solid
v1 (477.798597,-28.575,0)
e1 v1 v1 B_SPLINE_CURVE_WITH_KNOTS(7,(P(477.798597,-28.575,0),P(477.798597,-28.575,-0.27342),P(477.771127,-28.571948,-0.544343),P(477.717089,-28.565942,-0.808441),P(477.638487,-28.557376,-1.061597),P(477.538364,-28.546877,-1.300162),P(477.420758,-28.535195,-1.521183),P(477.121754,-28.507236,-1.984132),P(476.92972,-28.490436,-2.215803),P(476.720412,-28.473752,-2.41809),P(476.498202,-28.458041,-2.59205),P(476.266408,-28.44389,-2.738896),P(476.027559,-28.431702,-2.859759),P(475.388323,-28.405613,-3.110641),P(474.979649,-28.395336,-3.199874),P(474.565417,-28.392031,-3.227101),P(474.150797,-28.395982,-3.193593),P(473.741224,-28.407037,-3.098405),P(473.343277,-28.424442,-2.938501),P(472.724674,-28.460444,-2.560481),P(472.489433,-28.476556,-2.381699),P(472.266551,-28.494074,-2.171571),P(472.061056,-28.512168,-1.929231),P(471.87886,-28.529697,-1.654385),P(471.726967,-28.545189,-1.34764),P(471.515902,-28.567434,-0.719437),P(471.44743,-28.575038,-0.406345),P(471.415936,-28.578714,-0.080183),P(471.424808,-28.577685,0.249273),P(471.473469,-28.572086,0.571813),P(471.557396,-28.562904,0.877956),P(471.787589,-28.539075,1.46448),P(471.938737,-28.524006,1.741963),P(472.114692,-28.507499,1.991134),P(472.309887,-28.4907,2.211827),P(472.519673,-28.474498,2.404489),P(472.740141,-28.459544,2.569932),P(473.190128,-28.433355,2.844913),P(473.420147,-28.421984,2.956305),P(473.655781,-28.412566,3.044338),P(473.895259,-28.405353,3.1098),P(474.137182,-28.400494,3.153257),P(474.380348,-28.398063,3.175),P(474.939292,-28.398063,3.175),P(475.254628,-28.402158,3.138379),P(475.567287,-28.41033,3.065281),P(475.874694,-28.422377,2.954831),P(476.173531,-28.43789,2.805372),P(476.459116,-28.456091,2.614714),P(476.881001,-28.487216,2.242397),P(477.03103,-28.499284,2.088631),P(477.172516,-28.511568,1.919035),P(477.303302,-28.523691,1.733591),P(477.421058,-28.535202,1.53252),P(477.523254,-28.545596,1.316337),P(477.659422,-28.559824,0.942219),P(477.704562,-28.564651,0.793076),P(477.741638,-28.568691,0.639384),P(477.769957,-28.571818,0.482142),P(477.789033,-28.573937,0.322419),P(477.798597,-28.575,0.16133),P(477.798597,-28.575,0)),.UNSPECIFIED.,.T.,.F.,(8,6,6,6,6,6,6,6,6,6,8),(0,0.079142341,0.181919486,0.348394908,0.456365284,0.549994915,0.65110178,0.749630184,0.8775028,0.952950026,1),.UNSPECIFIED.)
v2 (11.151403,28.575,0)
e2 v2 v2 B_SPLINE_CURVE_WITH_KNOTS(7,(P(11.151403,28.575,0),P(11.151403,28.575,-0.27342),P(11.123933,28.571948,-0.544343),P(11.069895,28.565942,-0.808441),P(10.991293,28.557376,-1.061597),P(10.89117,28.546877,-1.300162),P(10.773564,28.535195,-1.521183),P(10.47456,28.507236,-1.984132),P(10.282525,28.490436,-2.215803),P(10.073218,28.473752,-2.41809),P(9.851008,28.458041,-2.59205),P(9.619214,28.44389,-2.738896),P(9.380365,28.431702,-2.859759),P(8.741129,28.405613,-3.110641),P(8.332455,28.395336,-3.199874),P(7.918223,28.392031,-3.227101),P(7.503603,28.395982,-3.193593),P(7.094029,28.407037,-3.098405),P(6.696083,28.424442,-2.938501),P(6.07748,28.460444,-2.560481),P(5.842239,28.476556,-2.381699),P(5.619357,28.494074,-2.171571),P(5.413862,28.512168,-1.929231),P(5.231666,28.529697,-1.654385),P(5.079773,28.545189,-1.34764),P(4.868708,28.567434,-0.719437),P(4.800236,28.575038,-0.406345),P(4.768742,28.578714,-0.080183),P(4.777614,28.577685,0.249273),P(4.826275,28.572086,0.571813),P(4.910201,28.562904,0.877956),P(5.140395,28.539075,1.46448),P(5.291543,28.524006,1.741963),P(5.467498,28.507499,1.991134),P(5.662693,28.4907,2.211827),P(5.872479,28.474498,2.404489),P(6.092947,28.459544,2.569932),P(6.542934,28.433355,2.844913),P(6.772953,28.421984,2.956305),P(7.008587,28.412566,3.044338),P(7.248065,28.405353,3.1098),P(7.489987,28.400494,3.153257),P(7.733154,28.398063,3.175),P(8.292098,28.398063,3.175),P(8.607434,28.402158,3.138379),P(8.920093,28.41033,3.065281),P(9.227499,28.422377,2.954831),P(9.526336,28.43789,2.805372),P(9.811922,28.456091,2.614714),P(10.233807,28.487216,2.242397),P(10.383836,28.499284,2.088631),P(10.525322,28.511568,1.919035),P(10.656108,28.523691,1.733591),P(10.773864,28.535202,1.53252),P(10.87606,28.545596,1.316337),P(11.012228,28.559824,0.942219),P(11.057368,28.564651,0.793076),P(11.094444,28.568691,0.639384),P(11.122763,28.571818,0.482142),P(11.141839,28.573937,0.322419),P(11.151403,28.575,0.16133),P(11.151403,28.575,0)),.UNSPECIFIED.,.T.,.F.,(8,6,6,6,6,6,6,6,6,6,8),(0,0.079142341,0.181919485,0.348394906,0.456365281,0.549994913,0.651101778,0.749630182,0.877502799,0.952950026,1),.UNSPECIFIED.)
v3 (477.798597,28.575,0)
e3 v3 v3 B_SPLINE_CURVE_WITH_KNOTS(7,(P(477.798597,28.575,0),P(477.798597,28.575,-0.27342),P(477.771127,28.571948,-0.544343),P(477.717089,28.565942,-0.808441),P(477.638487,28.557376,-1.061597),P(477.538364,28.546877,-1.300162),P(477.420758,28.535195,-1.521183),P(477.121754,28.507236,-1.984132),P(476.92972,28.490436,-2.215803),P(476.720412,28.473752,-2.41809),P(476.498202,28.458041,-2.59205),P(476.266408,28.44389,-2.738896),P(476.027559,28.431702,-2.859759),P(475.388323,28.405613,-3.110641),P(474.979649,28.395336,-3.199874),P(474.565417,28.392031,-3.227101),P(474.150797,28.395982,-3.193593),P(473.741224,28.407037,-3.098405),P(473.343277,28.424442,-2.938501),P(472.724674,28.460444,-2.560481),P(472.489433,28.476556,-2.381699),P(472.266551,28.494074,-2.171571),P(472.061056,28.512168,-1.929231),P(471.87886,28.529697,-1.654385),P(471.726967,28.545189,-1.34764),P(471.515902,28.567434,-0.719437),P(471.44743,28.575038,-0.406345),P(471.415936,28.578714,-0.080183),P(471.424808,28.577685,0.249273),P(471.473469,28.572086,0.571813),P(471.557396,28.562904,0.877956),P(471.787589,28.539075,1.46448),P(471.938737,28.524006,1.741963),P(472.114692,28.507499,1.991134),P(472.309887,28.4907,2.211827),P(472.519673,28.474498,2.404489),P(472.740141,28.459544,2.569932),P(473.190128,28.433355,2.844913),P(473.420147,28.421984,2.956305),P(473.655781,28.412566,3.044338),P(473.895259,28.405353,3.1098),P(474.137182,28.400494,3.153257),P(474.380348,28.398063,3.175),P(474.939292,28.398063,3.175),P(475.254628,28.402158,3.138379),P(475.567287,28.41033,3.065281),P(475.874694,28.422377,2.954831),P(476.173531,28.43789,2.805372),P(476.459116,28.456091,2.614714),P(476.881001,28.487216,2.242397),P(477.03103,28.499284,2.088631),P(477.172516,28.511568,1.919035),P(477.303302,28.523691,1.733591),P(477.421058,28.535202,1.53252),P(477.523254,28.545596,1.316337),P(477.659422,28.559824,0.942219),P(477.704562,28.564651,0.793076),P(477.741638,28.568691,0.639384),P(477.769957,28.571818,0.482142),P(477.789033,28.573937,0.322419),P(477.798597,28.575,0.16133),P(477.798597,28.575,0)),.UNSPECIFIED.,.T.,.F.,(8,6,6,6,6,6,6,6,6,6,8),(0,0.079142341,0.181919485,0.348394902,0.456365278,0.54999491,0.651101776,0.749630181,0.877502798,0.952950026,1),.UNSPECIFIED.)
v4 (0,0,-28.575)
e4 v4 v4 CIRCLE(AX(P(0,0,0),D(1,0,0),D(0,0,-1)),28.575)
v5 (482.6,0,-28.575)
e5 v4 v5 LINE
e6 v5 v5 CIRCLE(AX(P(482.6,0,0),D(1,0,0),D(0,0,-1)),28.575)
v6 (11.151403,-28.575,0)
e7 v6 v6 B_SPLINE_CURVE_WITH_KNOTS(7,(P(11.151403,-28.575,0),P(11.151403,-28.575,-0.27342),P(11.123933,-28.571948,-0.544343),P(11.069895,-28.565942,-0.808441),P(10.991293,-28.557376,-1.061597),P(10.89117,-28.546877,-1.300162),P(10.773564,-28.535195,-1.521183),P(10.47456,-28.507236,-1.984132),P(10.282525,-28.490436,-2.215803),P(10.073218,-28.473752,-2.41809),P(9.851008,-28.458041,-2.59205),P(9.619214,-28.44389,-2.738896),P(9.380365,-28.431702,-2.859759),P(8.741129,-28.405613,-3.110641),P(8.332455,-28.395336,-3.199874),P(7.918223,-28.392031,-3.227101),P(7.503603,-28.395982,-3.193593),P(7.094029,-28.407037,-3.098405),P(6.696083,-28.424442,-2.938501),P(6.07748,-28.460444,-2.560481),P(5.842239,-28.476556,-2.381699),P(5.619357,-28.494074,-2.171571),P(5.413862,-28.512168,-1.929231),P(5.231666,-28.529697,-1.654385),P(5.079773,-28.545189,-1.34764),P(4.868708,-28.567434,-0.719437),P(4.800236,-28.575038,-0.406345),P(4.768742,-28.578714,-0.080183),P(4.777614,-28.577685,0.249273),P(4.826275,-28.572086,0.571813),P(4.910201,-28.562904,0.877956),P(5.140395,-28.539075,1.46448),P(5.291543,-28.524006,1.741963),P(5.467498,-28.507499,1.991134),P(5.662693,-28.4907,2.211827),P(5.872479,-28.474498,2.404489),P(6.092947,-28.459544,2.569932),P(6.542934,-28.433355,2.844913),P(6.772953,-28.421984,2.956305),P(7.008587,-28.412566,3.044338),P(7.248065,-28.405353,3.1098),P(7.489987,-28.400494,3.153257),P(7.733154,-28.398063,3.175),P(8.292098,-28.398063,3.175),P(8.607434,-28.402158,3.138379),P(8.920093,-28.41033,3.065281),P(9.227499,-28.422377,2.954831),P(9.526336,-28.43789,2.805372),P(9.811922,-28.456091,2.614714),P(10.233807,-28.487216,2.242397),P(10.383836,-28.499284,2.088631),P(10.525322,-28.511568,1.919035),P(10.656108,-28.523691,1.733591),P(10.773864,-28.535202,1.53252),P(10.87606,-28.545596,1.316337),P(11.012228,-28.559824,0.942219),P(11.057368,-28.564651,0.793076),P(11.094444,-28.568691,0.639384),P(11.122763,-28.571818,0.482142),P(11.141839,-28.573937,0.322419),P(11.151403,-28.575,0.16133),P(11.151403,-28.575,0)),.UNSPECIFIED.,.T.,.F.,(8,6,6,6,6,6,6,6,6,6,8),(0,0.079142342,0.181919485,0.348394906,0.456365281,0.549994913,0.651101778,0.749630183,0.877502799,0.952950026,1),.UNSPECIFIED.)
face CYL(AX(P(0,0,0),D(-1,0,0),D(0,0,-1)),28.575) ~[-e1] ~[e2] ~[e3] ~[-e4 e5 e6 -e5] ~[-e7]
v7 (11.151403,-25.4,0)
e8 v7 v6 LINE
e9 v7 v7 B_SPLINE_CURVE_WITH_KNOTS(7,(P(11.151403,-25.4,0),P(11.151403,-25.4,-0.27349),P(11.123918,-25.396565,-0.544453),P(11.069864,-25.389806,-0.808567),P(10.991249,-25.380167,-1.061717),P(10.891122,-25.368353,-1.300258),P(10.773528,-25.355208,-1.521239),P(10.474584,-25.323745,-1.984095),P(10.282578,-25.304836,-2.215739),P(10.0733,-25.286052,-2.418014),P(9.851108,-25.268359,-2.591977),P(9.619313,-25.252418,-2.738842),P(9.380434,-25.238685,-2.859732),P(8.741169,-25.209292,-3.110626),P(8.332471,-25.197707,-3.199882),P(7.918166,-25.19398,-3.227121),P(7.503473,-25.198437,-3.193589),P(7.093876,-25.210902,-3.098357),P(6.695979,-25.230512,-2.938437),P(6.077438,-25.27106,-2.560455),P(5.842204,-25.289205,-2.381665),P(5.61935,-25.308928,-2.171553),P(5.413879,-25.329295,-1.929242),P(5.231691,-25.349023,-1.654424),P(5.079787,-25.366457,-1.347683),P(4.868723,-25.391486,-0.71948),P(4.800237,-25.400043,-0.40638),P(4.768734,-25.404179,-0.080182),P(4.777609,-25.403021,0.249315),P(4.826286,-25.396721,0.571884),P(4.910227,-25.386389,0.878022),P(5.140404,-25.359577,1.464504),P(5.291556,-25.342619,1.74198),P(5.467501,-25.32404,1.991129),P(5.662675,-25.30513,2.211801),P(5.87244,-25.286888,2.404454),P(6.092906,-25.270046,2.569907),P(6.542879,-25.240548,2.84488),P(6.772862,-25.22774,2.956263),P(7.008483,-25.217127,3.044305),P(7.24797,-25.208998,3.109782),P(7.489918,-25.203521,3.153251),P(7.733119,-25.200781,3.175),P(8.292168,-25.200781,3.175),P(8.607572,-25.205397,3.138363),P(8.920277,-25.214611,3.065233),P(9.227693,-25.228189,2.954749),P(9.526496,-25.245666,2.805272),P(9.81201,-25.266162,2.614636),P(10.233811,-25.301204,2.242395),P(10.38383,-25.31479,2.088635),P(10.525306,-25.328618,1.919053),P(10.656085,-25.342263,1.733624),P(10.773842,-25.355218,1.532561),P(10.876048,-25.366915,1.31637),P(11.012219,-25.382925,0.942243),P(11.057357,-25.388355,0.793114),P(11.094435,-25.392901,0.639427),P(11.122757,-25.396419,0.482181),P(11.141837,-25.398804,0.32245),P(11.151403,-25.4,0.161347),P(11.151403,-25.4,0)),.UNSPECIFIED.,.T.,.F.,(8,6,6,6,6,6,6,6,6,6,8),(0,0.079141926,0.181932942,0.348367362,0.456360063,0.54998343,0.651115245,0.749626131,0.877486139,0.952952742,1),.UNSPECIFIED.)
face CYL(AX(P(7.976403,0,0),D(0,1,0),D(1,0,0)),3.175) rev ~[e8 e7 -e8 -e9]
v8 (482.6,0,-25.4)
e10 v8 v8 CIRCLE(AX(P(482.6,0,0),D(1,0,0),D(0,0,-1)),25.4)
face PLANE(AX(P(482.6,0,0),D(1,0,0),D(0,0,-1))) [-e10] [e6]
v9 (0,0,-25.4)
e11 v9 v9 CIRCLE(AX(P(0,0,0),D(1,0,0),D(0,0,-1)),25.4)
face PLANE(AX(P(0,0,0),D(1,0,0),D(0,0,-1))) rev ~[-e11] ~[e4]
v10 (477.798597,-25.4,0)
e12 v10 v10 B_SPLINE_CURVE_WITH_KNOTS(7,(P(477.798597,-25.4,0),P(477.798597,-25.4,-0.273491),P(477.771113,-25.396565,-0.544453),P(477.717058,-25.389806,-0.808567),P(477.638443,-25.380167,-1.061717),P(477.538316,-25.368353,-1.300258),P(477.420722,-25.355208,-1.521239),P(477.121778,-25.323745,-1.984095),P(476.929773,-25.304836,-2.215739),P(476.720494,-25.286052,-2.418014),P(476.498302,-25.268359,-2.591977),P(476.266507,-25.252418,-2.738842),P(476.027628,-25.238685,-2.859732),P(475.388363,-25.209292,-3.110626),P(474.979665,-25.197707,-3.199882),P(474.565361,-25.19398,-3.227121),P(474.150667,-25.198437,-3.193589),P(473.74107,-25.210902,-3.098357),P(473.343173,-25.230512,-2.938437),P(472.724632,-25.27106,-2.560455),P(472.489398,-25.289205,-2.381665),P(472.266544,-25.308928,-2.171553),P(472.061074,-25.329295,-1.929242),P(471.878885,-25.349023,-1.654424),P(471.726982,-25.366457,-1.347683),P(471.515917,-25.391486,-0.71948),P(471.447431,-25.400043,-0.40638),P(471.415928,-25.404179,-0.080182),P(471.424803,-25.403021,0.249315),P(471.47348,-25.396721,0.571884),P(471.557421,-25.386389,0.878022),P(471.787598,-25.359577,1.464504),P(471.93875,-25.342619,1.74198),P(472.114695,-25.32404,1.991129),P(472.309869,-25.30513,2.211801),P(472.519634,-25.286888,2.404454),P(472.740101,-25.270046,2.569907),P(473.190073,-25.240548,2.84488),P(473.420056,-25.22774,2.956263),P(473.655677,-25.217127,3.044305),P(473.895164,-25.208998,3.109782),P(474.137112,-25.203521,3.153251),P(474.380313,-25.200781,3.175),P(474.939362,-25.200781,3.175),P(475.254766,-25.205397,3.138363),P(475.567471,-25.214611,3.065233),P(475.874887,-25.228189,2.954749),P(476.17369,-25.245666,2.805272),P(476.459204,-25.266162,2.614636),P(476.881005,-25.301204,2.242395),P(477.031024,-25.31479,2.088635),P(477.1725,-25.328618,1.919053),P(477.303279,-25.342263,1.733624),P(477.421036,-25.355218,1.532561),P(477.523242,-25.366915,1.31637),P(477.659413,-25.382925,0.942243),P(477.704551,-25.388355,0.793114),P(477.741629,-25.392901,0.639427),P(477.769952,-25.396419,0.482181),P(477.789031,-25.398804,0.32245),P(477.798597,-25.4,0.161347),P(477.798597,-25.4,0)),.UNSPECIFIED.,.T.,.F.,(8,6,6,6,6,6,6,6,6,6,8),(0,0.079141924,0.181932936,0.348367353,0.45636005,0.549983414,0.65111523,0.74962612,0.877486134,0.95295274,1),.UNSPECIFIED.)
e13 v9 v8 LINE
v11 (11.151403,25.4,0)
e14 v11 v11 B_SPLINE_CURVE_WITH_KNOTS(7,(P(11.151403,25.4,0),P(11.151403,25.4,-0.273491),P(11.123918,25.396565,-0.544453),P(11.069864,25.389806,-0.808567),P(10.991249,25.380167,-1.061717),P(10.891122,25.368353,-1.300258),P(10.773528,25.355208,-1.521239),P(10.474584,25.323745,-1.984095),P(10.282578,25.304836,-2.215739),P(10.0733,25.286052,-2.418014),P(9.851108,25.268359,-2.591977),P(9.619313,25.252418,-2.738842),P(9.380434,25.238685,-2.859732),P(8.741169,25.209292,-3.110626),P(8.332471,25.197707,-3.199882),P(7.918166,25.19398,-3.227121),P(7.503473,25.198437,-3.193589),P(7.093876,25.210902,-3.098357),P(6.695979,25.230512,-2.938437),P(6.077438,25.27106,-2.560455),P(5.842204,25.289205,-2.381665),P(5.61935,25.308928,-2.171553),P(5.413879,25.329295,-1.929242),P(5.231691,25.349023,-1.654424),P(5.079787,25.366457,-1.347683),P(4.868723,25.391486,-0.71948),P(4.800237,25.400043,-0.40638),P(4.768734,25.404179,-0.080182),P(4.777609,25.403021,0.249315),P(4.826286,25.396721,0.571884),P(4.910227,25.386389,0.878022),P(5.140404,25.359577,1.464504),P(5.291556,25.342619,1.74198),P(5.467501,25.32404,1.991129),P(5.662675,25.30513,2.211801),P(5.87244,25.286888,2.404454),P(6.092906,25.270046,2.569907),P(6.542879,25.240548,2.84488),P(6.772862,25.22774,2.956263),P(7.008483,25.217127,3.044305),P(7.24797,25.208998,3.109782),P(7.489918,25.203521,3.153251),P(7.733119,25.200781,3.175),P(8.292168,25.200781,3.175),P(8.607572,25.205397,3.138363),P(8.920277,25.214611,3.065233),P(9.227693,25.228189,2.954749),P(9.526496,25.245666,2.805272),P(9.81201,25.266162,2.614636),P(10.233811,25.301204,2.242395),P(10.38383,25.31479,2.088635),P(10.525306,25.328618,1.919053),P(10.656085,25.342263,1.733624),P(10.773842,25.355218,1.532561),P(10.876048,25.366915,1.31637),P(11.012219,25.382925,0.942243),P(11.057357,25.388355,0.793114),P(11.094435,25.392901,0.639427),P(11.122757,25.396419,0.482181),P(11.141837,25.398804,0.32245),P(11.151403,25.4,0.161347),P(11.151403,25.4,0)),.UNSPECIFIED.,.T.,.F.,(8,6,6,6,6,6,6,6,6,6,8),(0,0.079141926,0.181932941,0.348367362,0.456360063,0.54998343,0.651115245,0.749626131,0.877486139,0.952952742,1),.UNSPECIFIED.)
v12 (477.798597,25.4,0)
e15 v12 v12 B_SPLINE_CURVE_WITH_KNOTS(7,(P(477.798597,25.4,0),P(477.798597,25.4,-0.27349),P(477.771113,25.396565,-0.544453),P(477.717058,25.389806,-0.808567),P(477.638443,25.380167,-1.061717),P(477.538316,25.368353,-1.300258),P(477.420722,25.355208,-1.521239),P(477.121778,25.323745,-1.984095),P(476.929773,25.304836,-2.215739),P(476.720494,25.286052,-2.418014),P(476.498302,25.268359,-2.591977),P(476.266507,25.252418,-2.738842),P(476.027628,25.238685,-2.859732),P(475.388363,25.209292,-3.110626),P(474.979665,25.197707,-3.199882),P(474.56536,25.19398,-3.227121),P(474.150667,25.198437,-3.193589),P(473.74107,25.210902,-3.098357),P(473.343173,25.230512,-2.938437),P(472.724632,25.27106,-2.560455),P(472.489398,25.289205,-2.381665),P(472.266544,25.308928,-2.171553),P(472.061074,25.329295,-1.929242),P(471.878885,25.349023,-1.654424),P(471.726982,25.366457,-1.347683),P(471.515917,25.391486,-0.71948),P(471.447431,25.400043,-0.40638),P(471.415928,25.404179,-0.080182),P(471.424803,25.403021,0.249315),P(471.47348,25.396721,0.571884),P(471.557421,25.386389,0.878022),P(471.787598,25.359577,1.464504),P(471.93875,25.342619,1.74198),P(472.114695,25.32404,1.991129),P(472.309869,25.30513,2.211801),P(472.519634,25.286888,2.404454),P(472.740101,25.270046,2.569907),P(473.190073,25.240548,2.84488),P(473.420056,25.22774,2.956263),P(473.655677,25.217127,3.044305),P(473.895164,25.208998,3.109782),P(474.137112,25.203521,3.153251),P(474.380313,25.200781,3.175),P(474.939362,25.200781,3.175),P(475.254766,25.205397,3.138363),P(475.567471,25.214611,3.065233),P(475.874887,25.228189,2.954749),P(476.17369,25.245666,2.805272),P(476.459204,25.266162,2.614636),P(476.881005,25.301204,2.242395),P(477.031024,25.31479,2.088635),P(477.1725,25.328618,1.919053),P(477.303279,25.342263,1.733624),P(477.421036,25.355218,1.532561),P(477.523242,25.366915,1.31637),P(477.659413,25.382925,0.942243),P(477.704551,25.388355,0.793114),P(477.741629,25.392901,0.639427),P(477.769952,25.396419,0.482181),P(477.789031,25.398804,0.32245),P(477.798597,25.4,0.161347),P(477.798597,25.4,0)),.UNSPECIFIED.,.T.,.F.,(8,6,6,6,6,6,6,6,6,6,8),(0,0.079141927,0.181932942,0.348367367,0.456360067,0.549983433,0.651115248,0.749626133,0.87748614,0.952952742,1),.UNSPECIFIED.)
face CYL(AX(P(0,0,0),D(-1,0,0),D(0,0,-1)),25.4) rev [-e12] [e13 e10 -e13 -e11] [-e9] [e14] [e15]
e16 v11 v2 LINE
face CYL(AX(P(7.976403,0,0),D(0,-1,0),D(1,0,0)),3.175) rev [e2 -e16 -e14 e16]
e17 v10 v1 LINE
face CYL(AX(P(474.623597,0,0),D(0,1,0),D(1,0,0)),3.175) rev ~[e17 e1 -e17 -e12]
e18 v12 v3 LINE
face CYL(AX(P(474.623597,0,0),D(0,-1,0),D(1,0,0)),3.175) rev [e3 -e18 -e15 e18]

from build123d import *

# Parameters (mm, degrees)
SKETCH1_R               = 28.575
SKETCH1_R_2             = 25.4
BOSS_EXTRUDE1_DEPTH     = 482.6
SKETCH2_R               = 3.175
CUT_EXTRUDE1_DEPTH      = 29.575
CUT_EXTRUDE1_DEPTH_BACK = 29.575


with BuildPart() as part:
    # Sketch1 → Boss-Extrude1 (new body)
    with BuildSketch(Plane(origin=(0, 0, 0), x_dir=(0, 0, -1), z_dir=(1, 0, 0))):
        Circle(SKETCH1_R)
        Circle(SKETCH1_R_2, mode=Mode.SUBTRACT)
    extrude(amount=BOSS_EXTRUDE1_DEPTH)

    # Sketch2 → Cut-Extrude1 (cut, two sides)
    with BuildSketch(Plane(origin=(0, 0, 0), x_dir=(1, 0, 0), z_dir=(0, 1, 0))) as cut_extrude1_sk:
        with Locations((7.976402963, 0)):
            Circle(SKETCH2_R)
        with Locations((474.623597037, 0)):
            Circle(SKETCH2_R)
    extrude(amount=CUT_EXTRUDE1_DEPTH, mode=Mode.SUBTRACT)
    extrude(cut_extrude1_sk.sketch, amount=-CUT_EXTRUDE1_DEPTH_BACK, mode=Mode.SUBTRACT)


solid = part.part
